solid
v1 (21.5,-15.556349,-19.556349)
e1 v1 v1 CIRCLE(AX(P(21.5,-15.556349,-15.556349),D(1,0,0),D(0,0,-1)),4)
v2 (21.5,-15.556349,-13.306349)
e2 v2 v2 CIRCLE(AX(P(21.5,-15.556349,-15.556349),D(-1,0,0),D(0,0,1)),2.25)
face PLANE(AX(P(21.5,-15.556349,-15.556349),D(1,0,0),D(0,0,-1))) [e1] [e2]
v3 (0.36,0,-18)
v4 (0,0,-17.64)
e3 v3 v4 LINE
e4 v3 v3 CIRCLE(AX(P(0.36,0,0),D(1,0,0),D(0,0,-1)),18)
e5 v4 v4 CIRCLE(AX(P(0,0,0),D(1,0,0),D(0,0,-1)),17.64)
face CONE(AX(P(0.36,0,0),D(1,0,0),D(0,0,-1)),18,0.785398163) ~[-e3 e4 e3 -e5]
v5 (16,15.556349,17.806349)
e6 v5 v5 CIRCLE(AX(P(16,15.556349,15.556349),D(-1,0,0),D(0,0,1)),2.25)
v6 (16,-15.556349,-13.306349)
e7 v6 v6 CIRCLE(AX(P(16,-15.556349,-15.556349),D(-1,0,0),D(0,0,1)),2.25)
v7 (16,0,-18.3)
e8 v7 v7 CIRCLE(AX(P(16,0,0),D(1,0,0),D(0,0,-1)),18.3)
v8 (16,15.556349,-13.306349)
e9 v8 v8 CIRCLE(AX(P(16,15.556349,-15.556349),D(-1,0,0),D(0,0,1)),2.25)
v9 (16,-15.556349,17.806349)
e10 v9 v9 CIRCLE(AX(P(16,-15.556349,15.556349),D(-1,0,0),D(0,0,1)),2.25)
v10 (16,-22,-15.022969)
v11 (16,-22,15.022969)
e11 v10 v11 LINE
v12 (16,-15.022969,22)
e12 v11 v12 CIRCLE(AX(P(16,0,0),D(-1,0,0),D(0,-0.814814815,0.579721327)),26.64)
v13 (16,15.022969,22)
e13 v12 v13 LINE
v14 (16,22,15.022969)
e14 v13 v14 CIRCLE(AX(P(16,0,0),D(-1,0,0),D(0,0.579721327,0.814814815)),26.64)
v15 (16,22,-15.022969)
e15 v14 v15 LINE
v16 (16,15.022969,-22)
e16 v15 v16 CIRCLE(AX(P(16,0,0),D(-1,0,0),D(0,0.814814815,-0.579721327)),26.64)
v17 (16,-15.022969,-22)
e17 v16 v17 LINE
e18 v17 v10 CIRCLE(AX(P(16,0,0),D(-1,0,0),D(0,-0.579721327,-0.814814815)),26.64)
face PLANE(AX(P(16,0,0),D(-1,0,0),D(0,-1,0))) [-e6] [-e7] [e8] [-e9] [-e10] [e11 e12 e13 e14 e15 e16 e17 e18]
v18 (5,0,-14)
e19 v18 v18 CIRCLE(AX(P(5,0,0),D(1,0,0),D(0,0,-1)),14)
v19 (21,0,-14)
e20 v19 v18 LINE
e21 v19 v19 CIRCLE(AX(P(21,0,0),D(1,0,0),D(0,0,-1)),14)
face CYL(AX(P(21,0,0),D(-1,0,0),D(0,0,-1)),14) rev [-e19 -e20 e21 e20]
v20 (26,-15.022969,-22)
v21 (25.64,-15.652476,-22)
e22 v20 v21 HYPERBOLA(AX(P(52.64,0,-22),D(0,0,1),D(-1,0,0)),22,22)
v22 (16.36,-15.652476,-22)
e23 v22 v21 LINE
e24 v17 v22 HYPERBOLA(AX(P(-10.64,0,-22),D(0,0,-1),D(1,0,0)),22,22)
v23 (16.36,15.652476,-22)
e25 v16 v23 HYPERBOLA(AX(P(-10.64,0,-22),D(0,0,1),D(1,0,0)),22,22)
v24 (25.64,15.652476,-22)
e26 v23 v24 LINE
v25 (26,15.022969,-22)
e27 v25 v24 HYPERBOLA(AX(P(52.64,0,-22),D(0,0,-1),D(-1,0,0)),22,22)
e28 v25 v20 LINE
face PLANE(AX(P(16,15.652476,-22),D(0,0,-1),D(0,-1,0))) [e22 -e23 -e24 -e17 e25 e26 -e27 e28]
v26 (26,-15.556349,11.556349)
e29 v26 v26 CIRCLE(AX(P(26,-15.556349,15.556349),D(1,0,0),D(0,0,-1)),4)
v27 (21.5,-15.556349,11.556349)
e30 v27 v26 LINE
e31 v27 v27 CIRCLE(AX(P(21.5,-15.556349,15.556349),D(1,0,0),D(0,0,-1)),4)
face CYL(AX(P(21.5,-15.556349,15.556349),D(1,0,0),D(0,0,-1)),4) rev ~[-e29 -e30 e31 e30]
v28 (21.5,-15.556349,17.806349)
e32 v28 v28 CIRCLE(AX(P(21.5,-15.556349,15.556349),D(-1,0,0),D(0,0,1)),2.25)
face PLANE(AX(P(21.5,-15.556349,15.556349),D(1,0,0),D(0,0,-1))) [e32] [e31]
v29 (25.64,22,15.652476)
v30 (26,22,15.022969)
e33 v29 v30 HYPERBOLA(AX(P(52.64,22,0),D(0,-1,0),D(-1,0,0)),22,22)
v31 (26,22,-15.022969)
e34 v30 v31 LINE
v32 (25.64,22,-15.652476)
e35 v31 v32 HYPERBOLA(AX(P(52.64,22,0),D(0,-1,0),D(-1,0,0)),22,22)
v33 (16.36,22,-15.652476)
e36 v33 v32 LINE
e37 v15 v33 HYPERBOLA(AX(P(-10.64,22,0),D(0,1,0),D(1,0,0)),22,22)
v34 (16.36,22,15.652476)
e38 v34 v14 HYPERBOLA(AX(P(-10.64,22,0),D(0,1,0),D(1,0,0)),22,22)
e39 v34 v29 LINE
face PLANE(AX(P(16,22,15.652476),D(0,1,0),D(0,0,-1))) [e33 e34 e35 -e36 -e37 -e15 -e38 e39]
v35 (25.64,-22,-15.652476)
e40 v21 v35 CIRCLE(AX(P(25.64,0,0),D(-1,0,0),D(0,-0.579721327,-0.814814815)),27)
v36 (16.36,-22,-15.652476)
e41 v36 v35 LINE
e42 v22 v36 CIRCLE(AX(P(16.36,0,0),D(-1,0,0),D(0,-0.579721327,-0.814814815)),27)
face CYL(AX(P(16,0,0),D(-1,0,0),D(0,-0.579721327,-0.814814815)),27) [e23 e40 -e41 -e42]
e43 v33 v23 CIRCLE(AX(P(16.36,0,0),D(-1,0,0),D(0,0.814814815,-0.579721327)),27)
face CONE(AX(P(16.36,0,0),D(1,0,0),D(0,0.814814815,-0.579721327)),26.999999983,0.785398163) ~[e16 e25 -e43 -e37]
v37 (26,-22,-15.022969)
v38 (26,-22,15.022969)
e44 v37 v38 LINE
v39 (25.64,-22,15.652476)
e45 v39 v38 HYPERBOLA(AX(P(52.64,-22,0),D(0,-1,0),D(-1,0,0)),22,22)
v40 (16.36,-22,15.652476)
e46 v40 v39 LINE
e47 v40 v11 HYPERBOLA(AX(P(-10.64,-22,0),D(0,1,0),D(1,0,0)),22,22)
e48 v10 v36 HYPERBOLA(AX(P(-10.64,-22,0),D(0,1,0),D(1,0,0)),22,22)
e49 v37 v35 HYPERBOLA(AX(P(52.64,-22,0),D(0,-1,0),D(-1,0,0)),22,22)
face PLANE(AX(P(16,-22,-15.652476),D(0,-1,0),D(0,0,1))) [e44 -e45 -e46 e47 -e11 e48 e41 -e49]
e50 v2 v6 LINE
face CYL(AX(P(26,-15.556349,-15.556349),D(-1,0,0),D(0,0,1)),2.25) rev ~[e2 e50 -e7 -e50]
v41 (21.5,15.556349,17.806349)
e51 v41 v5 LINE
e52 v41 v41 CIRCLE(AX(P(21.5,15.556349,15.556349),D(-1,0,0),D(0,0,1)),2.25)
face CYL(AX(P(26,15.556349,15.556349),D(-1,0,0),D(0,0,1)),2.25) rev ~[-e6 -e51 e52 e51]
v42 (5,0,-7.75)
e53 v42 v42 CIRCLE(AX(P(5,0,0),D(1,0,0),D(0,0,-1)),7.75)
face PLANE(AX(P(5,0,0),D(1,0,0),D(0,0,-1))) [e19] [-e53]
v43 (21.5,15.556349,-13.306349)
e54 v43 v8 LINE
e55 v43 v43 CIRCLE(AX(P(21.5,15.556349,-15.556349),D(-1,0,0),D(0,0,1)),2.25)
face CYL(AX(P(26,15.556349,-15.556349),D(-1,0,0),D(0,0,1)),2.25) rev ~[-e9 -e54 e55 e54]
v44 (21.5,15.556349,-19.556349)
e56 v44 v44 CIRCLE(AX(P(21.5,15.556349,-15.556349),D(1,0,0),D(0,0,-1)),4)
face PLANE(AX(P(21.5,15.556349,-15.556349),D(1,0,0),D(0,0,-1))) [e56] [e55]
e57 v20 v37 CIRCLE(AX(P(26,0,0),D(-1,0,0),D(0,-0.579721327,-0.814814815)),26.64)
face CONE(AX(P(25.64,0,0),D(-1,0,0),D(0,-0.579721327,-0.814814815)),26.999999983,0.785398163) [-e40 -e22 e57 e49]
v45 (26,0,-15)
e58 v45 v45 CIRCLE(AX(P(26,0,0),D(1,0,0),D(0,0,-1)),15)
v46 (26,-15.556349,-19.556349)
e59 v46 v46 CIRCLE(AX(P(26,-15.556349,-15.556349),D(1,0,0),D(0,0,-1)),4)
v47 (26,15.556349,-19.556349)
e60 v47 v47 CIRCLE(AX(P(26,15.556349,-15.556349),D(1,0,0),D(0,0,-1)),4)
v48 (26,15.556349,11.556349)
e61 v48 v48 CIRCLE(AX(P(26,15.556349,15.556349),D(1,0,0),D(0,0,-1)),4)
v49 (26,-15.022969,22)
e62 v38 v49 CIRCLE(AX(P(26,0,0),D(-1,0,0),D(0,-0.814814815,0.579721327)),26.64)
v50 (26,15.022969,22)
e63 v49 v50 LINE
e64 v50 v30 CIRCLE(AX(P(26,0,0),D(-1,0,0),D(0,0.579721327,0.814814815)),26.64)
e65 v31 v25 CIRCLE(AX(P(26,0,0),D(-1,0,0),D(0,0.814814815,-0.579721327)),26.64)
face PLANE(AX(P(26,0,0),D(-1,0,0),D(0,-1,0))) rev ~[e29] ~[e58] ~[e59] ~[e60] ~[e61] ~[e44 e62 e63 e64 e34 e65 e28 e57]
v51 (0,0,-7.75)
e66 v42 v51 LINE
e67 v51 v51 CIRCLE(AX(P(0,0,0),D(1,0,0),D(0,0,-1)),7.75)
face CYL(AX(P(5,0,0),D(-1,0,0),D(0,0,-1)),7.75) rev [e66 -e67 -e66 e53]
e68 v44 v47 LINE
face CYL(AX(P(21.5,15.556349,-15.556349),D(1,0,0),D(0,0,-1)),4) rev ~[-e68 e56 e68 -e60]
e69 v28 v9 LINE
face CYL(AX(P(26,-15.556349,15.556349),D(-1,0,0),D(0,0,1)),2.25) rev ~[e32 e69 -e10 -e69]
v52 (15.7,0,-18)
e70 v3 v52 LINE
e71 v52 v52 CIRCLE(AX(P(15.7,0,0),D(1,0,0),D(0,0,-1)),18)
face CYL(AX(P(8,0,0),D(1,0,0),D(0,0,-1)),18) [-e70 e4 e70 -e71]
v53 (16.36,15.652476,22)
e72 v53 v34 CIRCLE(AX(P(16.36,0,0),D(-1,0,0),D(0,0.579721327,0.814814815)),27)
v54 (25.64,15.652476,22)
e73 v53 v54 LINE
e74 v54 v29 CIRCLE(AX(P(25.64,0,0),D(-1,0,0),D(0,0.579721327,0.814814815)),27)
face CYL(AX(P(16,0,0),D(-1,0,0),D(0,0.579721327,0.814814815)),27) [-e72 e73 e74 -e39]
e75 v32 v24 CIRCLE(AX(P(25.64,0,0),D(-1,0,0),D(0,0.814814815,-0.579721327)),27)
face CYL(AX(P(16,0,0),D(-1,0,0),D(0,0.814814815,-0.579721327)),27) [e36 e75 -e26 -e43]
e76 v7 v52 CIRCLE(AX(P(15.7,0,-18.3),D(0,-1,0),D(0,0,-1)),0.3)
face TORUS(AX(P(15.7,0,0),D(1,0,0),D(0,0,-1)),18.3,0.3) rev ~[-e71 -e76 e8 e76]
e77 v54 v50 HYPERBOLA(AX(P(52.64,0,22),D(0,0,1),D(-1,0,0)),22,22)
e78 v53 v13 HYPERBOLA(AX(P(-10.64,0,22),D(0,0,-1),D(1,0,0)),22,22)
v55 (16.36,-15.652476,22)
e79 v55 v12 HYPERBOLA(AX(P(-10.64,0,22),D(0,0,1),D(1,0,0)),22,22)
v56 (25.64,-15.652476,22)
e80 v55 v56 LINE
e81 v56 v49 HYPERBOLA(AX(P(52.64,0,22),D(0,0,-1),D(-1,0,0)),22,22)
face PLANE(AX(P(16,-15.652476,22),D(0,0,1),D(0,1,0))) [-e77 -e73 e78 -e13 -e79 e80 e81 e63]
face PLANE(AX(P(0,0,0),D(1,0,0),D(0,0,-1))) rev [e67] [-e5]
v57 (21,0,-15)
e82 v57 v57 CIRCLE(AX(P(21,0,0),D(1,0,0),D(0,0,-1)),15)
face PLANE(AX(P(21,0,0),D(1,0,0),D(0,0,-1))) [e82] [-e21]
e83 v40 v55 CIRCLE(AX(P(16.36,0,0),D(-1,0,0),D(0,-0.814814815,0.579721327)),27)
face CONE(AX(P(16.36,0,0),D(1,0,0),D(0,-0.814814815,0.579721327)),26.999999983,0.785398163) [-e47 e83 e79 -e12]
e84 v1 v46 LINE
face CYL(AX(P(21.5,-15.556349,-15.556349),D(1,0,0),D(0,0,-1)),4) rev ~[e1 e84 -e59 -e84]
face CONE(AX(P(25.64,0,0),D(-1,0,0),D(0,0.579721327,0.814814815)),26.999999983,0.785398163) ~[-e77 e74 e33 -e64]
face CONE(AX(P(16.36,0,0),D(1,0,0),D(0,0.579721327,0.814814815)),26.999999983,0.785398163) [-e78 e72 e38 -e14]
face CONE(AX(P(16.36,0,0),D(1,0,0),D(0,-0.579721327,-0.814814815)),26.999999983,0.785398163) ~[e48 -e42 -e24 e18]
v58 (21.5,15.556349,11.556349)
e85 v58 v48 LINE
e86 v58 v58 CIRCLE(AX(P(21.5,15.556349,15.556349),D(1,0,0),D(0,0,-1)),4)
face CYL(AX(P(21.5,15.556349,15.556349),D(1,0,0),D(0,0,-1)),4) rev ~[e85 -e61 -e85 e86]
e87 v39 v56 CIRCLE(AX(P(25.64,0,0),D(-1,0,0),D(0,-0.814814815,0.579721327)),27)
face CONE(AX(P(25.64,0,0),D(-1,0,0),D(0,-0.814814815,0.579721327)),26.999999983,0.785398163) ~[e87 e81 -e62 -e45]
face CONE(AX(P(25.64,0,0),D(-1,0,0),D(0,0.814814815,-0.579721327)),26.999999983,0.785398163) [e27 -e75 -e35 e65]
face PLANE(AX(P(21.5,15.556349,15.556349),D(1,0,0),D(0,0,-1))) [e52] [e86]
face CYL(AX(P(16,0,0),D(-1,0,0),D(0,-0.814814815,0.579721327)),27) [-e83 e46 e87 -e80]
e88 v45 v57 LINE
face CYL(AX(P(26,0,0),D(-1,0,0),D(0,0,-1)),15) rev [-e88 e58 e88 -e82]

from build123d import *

# Parameters (mm, degrees)
BOSS_EXTRUDE1_DEPTH                              = 10
SKETCH2_W                                        = 16
SKETCH2_H                                        = 18
CBORE_FOR_M4_HEX_HEAD_MACHINE_SCREW1_D           = 4.5
CBORE_FOR_M4_HEX_HEAD_MACHINE_SCREW1_DEPTH       = 26
CBORE_FOR_M4_HEX_HEAD_MACHINE_SCREW1_CBORE_D     = 8
CBORE_FOR_M4_HEX_HEAD_MACHINE_SCREW1_CBORE_DEPTH = 4.5
CHAMFER1_SIZE                                    = 0.36
FILLET1_R                                        = 0.3


with BuildPart() as part:
    # Sketch1 → Boss-Extrude1 (new body)
    with BuildSketch(Plane(origin=(16, 0, 0), x_dir=(0, -1, 0), z_dir=(-1, 0, 0))):
        with BuildLine():
            Line((15.652475842, 22), (-15.652475842, 22))
            ThreePointArc((-15.652475842, 22), (-19.091883092, 19.091883092), (-22, 15.652475842))
            Line((-22, 15.652475842), (-22, -15.652475842))
            ThreePointArc((-22, -15.652475842), (-19.091883092, -19.091883092), (-15.652475842, -22))
            Line((-15.652475842, -22), (15.652475842, -22))
            ThreePointArc((15.652475842, -22), (19.091883092, -19.091883092), (22, -15.652475842))
            Line((22, -15.652475842), (22, 15.652475842))
            ThreePointArc((22, 15.652475842), (19.091883092, 19.091883092), (15.652475842, 22))
        make_face()
    extrude(amount=-BOSS_EXTRUDE1_DEPTH)

    # Sketch2 → Revolve1 (revolve)
    with BuildSketch(Plane.XY, mode=Mode.PRIVATE) as revolve1_sk:
        with Locations((8, 9)):
            Rectangle(SKETCH2_W, SKETCH2_H)
    revolve(revolve1_sk.sketch.rotate(Axis((0, 0, 0), (1, 0, 0)), 270), axis=Axis((0, 0, 0), (1, 0, 0)))

    # Sketch3 → Cut-Revolve1 (revolve, cut)
    with BuildSketch(Plane.XY, mode=Mode.PRIVATE) as cut_revolve1_sk:
        Polygon((0, 7.75), (0, 0), (26, 0), (26, 15), (21, 15), (21, 14), (5, 14), (5, 7.75), align=None)
    revolve(cut_revolve1_sk.sketch.rotate(Axis((0, 0, 0), (1, 0, 0)), 270), axis=Axis((0, 0, 0), (1, 0, 0)), mode=Mode.SUBTRACT)

    # CBORE for M4 Hex Head Machine Screw1
    with Locations(Plane(origin=(26, 0, 0), x_dir=(0, 0, -1), z_dir=(1, 0, 0))):
        with Locations((-15.556349186, -15.556349186), (15.556349186, 15.556349186), (15.556349186, -15.556349186), (-15.556349186, 15.556349186)):
            CounterBoreHole(CBORE_FOR_M4_HEX_HEAD_MACHINE_SCREW1_D / 2, CBORE_FOR_M4_HEX_HEAD_MACHINE_SCREW1_CBORE_D / 2, CBORE_FOR_M4_HEX_HEAD_MACHINE_SCREW1_CBORE_DEPTH, depth=CBORE_FOR_M4_HEX_HEAD_MACHINE_SCREW1_DEPTH)

    # Chamfer1
    chamfer1_edges = [part.edges().sort_by_distance(p)[0] for p in [
        (26, 19.091883092, 19.091883092),
        (16, -19.091883092, 19.091883092),
        (26, 19.091883092, -19.091883092),
        (26, -19.091883092, -19.091883092),
        (0, 0, 18),
        (26, -19.091883092, 19.091883092),
        (16, -19.091883092, -19.091883092),
        (16, 19.091883092, -19.091883092),
        (16, 19.091883092, 19.091883092),
    ]]
    chamfer(chamfer1_edges, length=CHAMFER1_SIZE)

    # Fillet1
    fillet1_edges = [part.edges().sort_by_distance(p)[0] for p in [
        (16, 0, 18),
    ]]
    fillet(fillet1_edges, radius=FILLET1_R)


solid = part.part
